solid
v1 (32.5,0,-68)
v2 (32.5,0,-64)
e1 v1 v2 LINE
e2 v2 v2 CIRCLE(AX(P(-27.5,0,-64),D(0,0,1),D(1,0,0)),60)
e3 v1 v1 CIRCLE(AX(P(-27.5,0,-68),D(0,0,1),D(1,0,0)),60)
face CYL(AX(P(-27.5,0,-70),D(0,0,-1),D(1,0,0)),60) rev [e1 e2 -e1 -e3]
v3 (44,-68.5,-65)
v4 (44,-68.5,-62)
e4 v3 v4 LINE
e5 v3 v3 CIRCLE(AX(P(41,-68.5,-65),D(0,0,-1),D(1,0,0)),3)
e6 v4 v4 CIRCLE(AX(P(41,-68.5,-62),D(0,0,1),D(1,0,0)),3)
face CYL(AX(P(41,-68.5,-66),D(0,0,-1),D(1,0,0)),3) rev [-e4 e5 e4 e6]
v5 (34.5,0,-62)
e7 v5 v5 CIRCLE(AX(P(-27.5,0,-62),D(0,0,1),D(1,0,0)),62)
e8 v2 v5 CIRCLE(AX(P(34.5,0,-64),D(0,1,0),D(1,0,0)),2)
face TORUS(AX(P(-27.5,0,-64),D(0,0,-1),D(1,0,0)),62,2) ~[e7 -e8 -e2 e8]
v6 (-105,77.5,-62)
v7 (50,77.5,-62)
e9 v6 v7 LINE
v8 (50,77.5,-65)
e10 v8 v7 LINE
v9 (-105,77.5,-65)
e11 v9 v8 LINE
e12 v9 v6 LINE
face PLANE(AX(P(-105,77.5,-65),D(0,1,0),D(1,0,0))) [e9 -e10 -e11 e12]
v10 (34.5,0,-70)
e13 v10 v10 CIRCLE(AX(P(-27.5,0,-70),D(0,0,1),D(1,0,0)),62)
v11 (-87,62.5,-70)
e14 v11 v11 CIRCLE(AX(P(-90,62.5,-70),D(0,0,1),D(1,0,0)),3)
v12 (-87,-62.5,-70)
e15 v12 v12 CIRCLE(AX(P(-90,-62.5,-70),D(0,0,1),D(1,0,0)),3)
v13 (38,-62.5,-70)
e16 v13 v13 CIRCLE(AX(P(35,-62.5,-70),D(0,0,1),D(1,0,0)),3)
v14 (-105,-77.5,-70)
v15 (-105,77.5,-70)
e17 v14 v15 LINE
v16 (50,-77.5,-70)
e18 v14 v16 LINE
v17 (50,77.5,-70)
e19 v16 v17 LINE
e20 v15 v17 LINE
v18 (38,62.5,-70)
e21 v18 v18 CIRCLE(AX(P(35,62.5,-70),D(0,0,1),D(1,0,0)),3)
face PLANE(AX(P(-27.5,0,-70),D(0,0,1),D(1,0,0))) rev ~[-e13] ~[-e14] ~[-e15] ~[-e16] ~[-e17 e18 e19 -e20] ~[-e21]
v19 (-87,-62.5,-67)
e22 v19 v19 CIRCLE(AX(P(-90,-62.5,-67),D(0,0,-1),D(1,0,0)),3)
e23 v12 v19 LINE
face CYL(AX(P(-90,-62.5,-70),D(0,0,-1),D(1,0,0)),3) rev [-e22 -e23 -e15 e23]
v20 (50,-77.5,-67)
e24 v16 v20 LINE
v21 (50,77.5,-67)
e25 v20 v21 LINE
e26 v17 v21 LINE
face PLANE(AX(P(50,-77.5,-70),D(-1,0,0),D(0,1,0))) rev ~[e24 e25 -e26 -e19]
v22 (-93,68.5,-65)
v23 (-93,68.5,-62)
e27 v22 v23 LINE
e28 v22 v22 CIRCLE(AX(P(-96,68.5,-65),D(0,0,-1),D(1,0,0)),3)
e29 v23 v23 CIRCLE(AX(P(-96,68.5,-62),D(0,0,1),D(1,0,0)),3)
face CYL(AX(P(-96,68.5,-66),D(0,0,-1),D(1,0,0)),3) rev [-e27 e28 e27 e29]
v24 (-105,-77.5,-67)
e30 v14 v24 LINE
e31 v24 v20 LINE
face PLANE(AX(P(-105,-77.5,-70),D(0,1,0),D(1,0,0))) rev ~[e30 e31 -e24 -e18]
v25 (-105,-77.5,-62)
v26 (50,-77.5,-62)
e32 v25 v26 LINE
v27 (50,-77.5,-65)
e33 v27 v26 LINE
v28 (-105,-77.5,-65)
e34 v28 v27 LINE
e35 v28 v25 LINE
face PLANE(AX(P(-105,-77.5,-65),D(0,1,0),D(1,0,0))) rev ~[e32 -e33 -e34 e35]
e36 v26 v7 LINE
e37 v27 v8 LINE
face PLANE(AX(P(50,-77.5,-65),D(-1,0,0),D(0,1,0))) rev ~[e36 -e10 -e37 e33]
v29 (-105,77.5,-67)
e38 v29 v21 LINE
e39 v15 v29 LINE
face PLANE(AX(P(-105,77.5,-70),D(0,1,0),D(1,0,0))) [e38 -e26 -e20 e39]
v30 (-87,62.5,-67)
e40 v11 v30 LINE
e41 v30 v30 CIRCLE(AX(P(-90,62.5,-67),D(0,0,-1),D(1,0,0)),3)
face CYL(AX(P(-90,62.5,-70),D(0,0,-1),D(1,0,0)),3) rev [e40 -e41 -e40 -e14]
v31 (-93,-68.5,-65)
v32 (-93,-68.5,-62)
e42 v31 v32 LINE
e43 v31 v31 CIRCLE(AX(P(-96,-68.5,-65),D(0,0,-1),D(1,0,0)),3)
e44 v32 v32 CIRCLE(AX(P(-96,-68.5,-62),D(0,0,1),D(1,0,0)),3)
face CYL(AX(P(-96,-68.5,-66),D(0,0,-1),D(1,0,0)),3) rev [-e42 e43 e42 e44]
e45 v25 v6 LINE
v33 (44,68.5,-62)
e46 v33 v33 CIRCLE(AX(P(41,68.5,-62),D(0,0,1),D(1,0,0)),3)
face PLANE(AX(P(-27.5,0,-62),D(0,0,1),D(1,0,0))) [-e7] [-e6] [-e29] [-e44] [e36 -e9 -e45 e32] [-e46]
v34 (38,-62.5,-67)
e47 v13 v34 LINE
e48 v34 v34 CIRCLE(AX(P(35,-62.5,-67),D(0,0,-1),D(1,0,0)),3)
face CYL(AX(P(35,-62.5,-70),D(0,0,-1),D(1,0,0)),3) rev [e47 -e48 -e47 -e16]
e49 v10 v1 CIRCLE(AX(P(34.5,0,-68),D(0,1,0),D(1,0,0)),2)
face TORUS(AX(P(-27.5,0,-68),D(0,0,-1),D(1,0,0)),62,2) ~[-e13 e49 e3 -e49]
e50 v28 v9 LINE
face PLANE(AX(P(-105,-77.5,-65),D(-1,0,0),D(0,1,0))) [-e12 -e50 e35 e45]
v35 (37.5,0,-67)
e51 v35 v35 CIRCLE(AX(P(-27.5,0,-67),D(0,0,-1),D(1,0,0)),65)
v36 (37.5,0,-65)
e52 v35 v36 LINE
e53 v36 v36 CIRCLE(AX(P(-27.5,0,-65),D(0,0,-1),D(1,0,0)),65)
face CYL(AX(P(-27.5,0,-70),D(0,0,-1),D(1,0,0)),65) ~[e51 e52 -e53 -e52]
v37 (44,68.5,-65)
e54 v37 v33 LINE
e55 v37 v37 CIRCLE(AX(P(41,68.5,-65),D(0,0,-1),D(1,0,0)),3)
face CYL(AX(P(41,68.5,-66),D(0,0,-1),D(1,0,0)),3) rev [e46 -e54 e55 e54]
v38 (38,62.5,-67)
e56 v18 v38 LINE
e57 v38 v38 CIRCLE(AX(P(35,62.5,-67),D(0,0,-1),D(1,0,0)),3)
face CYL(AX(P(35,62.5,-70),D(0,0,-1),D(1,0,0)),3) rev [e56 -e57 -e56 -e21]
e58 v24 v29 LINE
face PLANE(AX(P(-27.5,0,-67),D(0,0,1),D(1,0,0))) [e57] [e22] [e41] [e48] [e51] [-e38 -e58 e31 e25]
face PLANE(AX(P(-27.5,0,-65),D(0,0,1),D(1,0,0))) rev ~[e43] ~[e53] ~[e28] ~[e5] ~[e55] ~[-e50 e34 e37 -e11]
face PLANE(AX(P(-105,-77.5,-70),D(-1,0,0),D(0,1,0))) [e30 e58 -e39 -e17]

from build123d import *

# Parameters (mm, degrees)
CYLINDER058_R     = 3
CYLINDER058_DEPTH = 4
CYLINDER059_R     = 3
CYLINDER059_DEPTH = 4
CYLINDER060_R     = 3
CYLINDER060_DEPTH = 4
CYLINDER061_R     = 3
CYLINDER061_DEPTH = 4
CYLINDER062_R     = 3
CYLINDER062_DEPTH = 4
CYLINDER063_R     = 3
CYLINDER063_DEPTH = 4
CYLINDER064_R     = 3
CYLINDER064_DEPTH = 4
CYLINDER065_R     = 3
CYLINDER065_DEPTH = 4
CYLINDER056_R     = 60
CYLINDER056_DEPTH = 8
BOX015_W          = 155
BOX015_H          = 155
BOX015_DEPTH      = 3
CYLINDER057_R     = 65
CYLINDER057_DEPTH = 8
BOX016_W          = 155
BOX016_H          = 155
BOX016_DEPTH      = 3
FILLET008_R       = 2


with BuildPart() as cylinder086:
    # Cylinder058 → Cylinder058 (new body)
    with BuildSketch(Plane(origin=(35, 62.5, -30), x_dir=(1, 0, 0), z_dir=(0, 0, 1))):
        Circle(CYLINDER058_R)
    extrude(amount=CYLINDER058_DEPTH)


with BuildPart() as cylinder087:
    # Cylinder059 → Cylinder059 (new body)
    with BuildSketch(Plane(origin=(35, -62.5, -30), x_dir=(1, 0, 0), z_dir=(0, 0, 1))):
        Circle(CYLINDER059_R)
    extrude(amount=CYLINDER059_DEPTH)


with BuildPart() as cylinder088:
    # Cylinder060 → Cylinder060 (new body)
    with BuildSketch(Plane(origin=(-90, 62.5, -30), x_dir=(1, 0, 0), z_dir=(0, 0, 1))):
        Circle(CYLINDER060_R)
    extrude(amount=CYLINDER060_DEPTH)


with BuildPart() as lower_plate_screw_holes:
    # Cylinder061 → Cylinder061 (new body)
    with BuildSketch(Plane(origin=(-90, -62.5, -30), x_dir=(1, 0, 0), z_dir=(0, 0, 1))):
        Circle(CYLINDER061_R)
    extrude(amount=CYLINDER061_DEPTH)

    # Fusion025: union Cylinder086, Cylinder087, Cylinder088
    add(cylinder086.part)
    add(cylinder087.part)
    add(cylinder088.part)


with BuildPart() as cylinder090:
    # Cylinder062 → Cylinder062 (new body)
    with BuildSketch(Plane(origin=(41, -68.5, -26), x_dir=(1, 0, 0), z_dir=(0, 0, 1))):
        Circle(CYLINDER062_R)
    extrude(amount=CYLINDER062_DEPTH)


with BuildPart() as cylinder091:
    # Cylinder063 → Cylinder063 (new body)
    with BuildSketch(Plane(origin=(-96, 68.5, -26), x_dir=(1, 0, 0), z_dir=(0, 0, 1))):
        Circle(CYLINDER063_R)
    extrude(amount=CYLINDER063_DEPTH)


with BuildPart() as cylinder092:
    # Cylinder064 → Cylinder064 (new body)
    with BuildSketch(Plane(origin=(41, 68.5, -26), x_dir=(1, 0, 0), z_dir=(0, 0, 1))):
        Circle(CYLINDER064_R)
    extrude(amount=CYLINDER064_DEPTH)


with BuildPart() as lazy_susan_screw_holes:
    # Cylinder065 → Cylinder065 (new body)
    with BuildSketch(Plane(origin=(-96, -68.5, -26), x_dir=(1, 0, 0), z_dir=(0, 0, 1))):
        Circle(CYLINDER065_R)
    extrude(amount=CYLINDER065_DEPTH)

    # Fusion026: union Cylinder090, Cylinder091, Cylinder092
    add(cylinder090.part)
    add(cylinder091.part)
    add(cylinder092.part)

    # Fusion027: union lower plate screw holes
    add(lower_plate_screw_holes.part)


with BuildPart() as cylinder084:
    # Cylinder056 → Cylinder056 (new body)
    with BuildSketch(Plane(origin=(77.5, 77.5, -30), x_dir=(1, 0, 0), z_dir=(0, 0, 1))):
        Circle(CYLINDER056_R)
    extrude(amount=CYLINDER056_DEPTH)


with BuildPart() as cube008:
    # Box015 → Box015 (new body)
    with BuildSketch(Plane.XY.offset(-25)):
        with Locations((77.5, 77.5)):
            Rectangle(BOX015_W, BOX015_H)
    extrude(amount=BOX015_DEPTH)


with BuildPart() as cylinder085:
    # Cylinder057 → Cylinder057 (new body)
    with BuildSketch(Plane(origin=(77.5, 77.5, -30), x_dir=(1, 0, 0), z_dir=(0, 0, 1))):
        Circle(CYLINDER057_R)
    extrude(amount=CYLINDER057_DEPTH)


with BuildPart() as lazy_susan001:
    # Box016 → Box016 (new body)
    with BuildSketch(Plane.XY.offset(-30)):
        with Locations((77.5, 77.5)):
            Rectangle(BOX016_W, BOX016_H)
    extrude(amount=BOX016_DEPTH)

    # Fusion024: union Cube008, Cylinder085
    add(cube008.part)
    add(cylinder085.part)

    # Cut022: cut Cylinder084
    add(cylinder084.part, mode=Mode.SUBTRACT)


with BuildPart() as lazy_susan001_1:
    # Cut022 placement: moved
    add(lazy_susan001.part.moved(Location((-105, -77.5, 0))))

    # Fillet008
    fillet008_edges = [lazy_susan001_1.edges().sort_by_distance(p)[0] for p in [
        (-87.5, 0, -22),
        (-87.5, 0, -30),
    ]]
    fillet(fillet008_edges, radius=FILLET008_R)

    # Cut023: cut Lazy susan screw holes
    add(lazy_susan_screw_holes.part, mode=Mode.SUBTRACT)


with BuildPart() as lazy_susan001_2:
    # Cut023 placement: moved
    add(lazy_susan001_1.part.moved(Location((0, 0, -40))))


solid = lazy_susan001_2.part
